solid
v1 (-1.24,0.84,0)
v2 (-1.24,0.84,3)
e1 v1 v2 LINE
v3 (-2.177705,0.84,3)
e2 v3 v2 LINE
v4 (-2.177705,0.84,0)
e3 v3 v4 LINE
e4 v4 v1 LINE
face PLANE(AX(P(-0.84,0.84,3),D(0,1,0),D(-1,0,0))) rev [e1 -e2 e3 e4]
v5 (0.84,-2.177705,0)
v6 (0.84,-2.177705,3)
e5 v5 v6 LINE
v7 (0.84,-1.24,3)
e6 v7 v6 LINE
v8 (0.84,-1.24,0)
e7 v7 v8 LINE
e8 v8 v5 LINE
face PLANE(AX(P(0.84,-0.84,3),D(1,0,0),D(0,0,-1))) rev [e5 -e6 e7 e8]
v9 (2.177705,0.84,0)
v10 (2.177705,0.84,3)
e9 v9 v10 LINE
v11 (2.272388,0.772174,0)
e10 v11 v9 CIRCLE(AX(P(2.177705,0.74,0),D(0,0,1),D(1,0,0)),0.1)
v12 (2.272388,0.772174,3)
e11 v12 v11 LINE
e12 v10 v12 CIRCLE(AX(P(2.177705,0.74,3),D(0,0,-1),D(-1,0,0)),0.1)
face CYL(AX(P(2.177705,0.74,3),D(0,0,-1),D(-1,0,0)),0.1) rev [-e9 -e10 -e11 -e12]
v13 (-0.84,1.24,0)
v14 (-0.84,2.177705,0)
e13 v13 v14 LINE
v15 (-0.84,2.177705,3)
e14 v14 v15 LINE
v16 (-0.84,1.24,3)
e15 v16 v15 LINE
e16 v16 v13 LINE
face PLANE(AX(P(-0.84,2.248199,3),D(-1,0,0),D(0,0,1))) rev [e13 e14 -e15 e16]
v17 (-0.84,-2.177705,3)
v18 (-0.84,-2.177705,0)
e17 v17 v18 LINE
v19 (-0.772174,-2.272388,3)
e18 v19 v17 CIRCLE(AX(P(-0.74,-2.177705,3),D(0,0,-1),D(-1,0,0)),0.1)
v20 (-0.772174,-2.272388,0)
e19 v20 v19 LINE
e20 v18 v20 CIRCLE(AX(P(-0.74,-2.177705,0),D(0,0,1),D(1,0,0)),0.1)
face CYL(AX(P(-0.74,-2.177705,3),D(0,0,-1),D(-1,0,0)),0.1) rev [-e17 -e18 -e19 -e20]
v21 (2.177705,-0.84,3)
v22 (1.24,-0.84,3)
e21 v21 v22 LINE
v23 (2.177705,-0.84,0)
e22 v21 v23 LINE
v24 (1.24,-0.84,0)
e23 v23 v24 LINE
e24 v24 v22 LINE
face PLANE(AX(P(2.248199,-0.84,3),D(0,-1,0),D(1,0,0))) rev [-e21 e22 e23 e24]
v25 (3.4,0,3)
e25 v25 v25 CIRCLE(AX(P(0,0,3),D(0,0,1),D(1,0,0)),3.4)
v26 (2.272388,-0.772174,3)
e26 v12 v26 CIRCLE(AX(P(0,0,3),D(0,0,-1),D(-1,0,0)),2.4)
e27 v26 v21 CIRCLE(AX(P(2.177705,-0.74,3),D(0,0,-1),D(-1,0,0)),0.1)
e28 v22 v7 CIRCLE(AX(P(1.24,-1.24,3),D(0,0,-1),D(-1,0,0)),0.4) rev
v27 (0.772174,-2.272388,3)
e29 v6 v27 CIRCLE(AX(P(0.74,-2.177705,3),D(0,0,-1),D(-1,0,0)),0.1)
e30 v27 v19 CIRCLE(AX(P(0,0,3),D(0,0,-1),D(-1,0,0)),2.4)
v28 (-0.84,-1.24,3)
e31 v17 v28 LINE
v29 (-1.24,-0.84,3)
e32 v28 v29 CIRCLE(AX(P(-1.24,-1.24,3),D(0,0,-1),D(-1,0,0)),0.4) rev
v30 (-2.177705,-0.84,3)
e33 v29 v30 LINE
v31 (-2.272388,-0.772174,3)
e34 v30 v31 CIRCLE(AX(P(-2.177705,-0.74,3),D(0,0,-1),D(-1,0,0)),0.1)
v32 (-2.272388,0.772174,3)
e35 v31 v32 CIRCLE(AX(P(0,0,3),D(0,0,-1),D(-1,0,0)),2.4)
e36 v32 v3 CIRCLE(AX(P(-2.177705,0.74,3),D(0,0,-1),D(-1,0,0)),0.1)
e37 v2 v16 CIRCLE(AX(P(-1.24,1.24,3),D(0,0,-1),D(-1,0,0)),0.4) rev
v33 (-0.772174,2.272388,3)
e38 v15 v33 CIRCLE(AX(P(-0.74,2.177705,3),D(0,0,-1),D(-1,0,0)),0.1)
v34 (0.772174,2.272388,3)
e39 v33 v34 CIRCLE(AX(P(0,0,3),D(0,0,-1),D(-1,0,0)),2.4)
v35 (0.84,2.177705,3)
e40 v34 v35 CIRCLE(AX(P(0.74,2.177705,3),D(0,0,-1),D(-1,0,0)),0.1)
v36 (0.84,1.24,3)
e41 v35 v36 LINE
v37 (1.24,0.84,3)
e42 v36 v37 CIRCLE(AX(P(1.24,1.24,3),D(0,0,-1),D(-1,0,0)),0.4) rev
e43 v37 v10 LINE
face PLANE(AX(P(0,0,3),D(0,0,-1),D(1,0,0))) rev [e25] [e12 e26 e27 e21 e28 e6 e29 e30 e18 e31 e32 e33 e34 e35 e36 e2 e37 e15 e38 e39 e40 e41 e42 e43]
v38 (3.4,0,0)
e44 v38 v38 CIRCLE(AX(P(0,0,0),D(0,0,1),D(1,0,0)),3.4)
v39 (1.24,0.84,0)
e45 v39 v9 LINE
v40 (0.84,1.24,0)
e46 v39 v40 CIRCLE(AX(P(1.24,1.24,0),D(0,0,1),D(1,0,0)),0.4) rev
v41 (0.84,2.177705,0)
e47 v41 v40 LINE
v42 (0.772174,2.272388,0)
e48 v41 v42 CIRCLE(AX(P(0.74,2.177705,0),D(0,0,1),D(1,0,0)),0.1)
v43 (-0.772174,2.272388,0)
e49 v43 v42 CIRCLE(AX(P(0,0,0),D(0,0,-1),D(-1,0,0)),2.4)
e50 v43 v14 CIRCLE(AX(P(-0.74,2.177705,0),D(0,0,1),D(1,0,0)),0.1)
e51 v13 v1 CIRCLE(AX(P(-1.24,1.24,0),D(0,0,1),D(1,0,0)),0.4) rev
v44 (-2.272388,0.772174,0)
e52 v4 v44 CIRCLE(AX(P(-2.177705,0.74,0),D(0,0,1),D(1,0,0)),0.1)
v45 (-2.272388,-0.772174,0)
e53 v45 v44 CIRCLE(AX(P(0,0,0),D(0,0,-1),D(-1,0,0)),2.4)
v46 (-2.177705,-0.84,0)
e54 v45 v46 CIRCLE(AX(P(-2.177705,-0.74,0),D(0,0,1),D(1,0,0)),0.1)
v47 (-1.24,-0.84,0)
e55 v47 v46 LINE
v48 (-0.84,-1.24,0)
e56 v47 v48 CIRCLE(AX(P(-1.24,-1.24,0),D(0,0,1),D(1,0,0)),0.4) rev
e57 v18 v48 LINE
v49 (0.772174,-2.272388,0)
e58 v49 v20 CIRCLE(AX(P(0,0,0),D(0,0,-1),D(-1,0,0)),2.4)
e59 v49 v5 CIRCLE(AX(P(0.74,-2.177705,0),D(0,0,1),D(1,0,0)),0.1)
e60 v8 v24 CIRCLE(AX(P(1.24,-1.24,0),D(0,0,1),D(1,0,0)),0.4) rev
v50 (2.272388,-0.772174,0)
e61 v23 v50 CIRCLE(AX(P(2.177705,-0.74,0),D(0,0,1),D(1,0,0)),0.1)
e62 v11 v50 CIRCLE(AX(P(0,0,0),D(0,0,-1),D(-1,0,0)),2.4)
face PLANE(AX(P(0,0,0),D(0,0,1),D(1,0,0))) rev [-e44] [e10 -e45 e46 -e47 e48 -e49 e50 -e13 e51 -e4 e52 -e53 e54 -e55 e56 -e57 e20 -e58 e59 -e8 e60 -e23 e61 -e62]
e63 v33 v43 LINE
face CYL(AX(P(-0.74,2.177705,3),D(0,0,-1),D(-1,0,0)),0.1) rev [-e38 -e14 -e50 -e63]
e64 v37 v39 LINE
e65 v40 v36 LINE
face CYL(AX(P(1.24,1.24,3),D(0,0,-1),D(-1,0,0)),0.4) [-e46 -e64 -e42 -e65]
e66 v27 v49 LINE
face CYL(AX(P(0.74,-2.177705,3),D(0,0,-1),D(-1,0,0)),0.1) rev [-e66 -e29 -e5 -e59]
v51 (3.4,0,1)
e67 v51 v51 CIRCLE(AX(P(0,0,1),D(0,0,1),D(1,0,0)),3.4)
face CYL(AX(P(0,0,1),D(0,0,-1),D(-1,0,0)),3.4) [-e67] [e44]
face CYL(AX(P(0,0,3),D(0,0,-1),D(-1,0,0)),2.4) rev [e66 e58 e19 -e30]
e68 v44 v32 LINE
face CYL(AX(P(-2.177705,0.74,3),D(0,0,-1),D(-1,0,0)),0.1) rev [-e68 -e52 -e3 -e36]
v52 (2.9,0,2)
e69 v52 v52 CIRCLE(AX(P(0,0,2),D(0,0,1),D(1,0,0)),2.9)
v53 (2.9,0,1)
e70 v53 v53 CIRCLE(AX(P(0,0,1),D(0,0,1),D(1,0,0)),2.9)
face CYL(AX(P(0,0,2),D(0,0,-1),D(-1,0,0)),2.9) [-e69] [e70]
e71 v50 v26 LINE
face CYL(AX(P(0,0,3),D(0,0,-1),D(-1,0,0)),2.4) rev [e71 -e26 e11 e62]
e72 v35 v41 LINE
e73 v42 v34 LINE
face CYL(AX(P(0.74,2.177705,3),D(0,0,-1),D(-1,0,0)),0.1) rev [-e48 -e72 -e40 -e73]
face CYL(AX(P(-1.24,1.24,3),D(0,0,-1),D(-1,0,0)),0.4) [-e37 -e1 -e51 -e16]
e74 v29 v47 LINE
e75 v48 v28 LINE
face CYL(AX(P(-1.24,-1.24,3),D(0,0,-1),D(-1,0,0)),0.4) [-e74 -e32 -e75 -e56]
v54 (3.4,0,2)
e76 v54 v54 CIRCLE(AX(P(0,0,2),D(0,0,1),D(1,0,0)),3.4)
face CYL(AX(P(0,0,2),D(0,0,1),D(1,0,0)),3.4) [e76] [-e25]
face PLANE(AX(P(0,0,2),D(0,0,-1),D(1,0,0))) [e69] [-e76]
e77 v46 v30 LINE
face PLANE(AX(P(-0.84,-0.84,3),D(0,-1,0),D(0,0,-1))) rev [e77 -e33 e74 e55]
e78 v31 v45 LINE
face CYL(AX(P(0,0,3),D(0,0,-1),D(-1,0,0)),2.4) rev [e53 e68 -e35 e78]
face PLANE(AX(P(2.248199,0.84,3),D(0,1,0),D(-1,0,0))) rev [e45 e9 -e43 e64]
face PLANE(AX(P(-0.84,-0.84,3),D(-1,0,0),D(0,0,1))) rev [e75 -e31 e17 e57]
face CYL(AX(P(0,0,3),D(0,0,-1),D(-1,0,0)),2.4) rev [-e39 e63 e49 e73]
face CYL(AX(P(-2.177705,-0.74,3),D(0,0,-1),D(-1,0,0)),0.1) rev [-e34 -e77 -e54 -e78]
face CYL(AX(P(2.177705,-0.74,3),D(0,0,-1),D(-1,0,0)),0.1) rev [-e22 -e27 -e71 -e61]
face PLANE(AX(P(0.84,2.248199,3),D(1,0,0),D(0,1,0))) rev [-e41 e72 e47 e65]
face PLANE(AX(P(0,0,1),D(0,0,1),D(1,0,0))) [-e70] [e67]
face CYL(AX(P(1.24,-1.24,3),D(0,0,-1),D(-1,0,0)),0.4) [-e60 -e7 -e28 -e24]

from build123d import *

# Parameters (mm, degrees)
SKETCH1_R           = 3.4
BOSS_EXTRUDE1_DEPTH = 1
SKETCH2_R           = 2.9
BOSS_EXTRUDE2_DEPTH = 1
CUT_EXTRUDE1_DEPTH  = 6.667450926
FILLET1_R           = 0.4
FILLET2_R           = 0.4
FILLET3_R           = 0.4
FILLET4_R           = 0.4
FILLET5_R           = 0.1
FILLET6_R           = 0.1
FILLET7_R           = 0.1
FILLET8_R           = 0.1
FILLET9_R           = 0.1
FILLET10_R          = 0.1
FILLET11_R          = 0.1
FILLET12_R          = 0.1


with BuildPart() as part:
    # Sketch1 → Boss-Extrude1 (new body)
    with BuildSketch(Plane.XY):
        Circle(SKETCH1_R)
    boss_extrude1 = extrude(amount=BOSS_EXTRUDE1_DEPTH)

    # Sketch2 → Boss-Extrude2 (add)
    with BuildSketch(Plane.XY.offset(1)):
        Circle(SKETCH2_R)
    extrude(amount=BOSS_EXTRUDE2_DEPTH)

    # Mirror3: Boss-Extrude1 across plane
    add(boss_extrude1.mirror(Plane.XY.offset(1.5)))

    # Sketch3 → Cut-Extrude1 (cut, through all)
    with BuildSketch(Plane(origin=(0, 0, 0), x_dir=(-1, 0, 0), z_dir=(0, 0, -1))):
        with BuildLine():
            Line((0.84, -0.84), (0.84, -2.248199279))
            ThreePointArc((0.84, -2.248199279), (0, -2.4), (-0.84, -2.248199279))
            Line((-0.84, -2.248199279), (-0.84, -0.84))
            Line((-0.84, -0.84), (-2.248199279, -0.84))
            ThreePointArc((-2.248199279, -0.84), (-2.4, 0), (-2.248199279, 0.84))
            Line((-2.248199279, 0.84), (-0.84, 0.84))
            Line((-0.84, 0.84), (-0.84, 2.248199279))
            ThreePointArc((-0.84, 2.248199279), (0, 2.4), (0.84, 2.248199279))
            Line((0.84, 2.248199279), (0.84, 0.84))
            Line((0.84, 0.84), (2.248199279, 0.84))
            ThreePointArc((2.248199279, 0.84), (2.4, 0), (2.248199279, -0.84))
            Line((2.248199279, -0.84), (0.84, -0.84))
        make_face()
    extrude(amount=-CUT_EXTRUDE1_DEPTH, mode=Mode.SUBTRACT)

    # Fillet1
    fillet1_edges = [part.edges().sort_by_distance(p)[0] for p in [
        (-0.84, 0.84, 1.5),
    ]]
    fillet(fillet1_edges, radius=FILLET1_R)

    # Fillet2
    fillet2_edges = [part.edges().sort_by_distance(p)[0] for p in [
        (0.84, 0.84, 1.5),
    ]]
    fillet(fillet2_edges, radius=FILLET2_R)

    # Fillet3
    fillet3_edges = [part.edges().sort_by_distance(p)[0] for p in [
        (0.84, -0.84, 1.5),
    ]]
    fillet(fillet3_edges, radius=FILLET3_R)

    # Fillet4
    fillet4_edges = [part.edges().sort_by_distance(p)[0] for p in [
        (-0.84, -0.84, 1.5),
    ]]
    fillet(fillet4_edges, radius=FILLET4_R)

    # Fillet5
    fillet5_edges = [part.edges().sort_by_distance(p)[0] for p in [
        (0.84, -2.248199279, 1.5),
    ]]
    fillet(fillet5_edges, radius=FILLET5_R)

    # Fillet6
    fillet6_edges = [part.edges().sort_by_distance(p)[0] for p in [
        (-0.84, -2.248199279, 1.5),
    ]]
    fillet(fillet6_edges, radius=FILLET6_R)

    # Fillet7
    fillet7_edges = [part.edges().sort_by_distance(p)[0] for p in [
        (-2.248199279, 0.84, 1.5),
    ]]
    fillet(fillet7_edges, radius=FILLET7_R)

    # Fillet8
    fillet8_edges = [part.edges().sort_by_distance(p)[0] for p in [
        (-2.248199279, -0.84, 1.5),
    ]]
    fillet(fillet8_edges, radius=FILLET8_R)

    # Fillet9
    fillet9_edges = [part.edges().sort_by_distance(p)[0] for p in [
        (-0.84, 2.248199279, 1.5),
    ]]
    fillet(fillet9_edges, radius=FILLET9_R)

    # Fillet10
    fillet10_edges = [part.edges().sort_by_distance(p)[0] for p in [
        (0.84, 2.248199279, 1.5),
    ]]
    fillet(fillet10_edges, radius=FILLET10_R)

    # Fillet11
    fillet11_edges = [part.edges().sort_by_distance(p)[0] for p in [
        (2.248199279, 0.84, 1.5),
    ]]
    fillet(fillet11_edges, radius=FILLET11_R)

    # Fillet12
    fillet12_edges = [part.edges().sort_by_distance(p)[0] for p in [
        (2.248199279, -0.84, 1.5),
    ]]
    fillet(fillet12_edges, radius=FILLET12_R)


solid = part.part
